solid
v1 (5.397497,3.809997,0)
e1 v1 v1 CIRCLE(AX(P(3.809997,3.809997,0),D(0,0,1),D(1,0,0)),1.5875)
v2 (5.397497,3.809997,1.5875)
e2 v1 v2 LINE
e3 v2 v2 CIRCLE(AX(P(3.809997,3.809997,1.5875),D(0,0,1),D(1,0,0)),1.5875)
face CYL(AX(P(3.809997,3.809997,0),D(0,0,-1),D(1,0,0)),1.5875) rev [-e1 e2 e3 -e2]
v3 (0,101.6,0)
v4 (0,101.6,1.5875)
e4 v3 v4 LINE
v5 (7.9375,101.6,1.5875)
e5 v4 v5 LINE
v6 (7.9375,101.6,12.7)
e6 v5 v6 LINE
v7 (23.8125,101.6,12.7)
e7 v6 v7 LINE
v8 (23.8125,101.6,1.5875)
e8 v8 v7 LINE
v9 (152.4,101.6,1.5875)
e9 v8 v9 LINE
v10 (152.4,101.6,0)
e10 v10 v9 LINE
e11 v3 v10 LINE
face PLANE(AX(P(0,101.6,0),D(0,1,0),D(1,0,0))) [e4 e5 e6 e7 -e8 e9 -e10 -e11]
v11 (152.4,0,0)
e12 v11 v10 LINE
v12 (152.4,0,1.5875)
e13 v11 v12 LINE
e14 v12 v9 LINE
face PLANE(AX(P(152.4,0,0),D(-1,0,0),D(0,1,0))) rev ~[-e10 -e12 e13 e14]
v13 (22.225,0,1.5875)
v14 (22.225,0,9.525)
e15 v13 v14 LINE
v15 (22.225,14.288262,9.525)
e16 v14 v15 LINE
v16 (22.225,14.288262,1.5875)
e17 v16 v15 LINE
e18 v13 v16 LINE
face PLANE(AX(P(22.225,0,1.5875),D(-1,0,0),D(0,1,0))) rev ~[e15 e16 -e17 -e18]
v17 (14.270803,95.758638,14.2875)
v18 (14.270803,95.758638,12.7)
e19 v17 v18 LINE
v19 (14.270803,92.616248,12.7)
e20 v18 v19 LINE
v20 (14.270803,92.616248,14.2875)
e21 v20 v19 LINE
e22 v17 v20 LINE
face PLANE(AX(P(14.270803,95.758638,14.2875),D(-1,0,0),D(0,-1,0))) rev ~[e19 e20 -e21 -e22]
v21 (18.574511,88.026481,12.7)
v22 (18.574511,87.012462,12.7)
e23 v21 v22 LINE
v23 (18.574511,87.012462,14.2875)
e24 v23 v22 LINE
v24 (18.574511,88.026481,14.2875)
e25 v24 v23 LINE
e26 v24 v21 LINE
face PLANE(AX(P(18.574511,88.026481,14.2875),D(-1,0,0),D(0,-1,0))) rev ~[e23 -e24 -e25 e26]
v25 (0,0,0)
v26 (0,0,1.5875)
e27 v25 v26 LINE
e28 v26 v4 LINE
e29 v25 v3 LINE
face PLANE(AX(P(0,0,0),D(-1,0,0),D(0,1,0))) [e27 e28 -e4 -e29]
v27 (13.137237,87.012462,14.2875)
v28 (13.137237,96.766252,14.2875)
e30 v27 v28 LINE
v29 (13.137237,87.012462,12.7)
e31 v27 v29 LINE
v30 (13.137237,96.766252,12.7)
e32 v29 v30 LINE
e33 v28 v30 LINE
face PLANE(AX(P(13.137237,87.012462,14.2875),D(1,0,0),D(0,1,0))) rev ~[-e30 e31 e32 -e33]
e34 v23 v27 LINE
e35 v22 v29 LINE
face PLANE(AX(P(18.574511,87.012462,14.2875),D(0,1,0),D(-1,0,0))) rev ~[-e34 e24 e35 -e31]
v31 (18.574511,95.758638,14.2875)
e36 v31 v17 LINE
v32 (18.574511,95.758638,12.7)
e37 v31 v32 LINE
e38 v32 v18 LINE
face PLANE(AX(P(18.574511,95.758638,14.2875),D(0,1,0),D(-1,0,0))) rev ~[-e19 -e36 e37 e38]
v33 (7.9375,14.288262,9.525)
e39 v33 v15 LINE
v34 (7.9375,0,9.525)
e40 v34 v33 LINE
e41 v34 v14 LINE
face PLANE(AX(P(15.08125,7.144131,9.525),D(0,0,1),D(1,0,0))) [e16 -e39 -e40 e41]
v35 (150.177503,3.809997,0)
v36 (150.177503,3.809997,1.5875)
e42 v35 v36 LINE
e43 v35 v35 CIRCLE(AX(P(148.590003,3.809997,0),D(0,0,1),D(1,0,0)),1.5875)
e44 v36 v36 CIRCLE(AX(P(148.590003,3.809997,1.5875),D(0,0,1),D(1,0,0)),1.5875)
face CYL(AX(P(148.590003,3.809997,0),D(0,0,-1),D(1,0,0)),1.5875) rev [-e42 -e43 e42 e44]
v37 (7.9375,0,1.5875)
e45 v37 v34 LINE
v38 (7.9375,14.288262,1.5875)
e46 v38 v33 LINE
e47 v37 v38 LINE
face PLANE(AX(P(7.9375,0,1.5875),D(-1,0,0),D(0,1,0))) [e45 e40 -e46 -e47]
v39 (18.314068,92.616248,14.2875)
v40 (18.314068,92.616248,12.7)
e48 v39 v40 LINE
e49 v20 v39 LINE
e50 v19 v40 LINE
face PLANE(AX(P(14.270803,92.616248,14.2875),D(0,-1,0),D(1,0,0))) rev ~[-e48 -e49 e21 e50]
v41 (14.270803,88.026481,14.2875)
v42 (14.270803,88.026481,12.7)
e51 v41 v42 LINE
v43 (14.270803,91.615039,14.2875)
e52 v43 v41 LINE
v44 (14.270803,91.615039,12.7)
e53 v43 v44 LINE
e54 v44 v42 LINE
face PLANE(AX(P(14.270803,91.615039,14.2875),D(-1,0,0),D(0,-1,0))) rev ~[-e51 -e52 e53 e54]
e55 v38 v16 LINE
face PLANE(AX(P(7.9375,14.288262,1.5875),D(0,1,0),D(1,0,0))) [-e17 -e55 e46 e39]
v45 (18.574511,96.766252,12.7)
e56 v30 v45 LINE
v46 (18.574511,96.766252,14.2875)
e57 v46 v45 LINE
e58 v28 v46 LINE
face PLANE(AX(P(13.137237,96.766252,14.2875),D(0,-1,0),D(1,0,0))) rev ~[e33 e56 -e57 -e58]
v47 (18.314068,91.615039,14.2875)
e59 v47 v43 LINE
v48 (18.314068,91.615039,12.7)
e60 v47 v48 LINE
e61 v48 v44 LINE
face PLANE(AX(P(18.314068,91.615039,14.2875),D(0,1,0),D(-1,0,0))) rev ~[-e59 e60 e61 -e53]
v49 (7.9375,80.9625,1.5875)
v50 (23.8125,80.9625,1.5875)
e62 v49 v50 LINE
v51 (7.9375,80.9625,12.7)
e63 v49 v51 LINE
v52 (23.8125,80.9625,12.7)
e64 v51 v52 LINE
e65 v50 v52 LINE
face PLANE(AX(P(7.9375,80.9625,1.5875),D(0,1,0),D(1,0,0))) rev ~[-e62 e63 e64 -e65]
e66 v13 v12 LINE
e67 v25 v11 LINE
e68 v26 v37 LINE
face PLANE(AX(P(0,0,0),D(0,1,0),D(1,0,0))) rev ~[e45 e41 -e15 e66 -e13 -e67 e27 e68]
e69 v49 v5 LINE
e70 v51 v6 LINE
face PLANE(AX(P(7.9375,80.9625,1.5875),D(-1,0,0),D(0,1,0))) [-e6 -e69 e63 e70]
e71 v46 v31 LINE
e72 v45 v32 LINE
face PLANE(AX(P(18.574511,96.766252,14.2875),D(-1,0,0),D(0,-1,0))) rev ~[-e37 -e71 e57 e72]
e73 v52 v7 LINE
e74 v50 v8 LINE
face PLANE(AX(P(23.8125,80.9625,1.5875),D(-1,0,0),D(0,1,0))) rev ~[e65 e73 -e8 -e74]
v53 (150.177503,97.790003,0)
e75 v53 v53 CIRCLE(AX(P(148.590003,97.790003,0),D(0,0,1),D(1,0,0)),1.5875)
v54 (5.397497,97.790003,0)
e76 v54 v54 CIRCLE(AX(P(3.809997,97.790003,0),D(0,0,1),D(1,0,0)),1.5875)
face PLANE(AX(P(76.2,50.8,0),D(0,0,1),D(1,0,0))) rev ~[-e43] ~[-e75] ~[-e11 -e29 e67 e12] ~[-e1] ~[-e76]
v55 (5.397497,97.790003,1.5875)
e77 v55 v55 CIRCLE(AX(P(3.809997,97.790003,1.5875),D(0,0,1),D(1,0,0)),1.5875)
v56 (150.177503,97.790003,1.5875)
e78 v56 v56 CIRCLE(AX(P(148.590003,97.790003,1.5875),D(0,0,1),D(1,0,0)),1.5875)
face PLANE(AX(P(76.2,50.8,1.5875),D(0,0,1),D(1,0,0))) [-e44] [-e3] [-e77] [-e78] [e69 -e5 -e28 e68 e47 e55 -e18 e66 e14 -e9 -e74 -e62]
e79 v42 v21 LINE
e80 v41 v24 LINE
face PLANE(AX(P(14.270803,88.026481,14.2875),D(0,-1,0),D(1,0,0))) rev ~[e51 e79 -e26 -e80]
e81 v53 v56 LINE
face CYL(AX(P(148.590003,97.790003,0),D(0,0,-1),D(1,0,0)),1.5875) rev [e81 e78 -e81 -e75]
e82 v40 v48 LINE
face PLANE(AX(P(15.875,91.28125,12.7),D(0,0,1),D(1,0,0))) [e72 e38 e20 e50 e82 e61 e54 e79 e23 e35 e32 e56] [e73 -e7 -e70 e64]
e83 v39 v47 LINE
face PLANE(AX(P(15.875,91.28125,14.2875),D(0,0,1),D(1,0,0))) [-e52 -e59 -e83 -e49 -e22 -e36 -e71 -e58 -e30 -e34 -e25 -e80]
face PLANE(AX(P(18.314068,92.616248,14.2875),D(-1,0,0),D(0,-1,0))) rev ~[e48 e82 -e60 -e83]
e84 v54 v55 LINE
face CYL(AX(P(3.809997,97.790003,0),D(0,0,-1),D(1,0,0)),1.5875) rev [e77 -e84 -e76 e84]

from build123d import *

# Parameters (mm, degrees)
F0_W     = 152.4
F0_H     = 101.6
F0_R     = 1.5875
F1_DEPTH = 1.5875
F2_W     = 15.875
F2_H     = 20.6375
F3_DEPTH = 12.7
F4_W     = 14.2875
F4_H     = 14.288262
F5_DEPTH = 7.9375
F6_W     = 15.875
F6_H     = 20.6375
F7_DEPTH = 1.5875


with BuildPart() as f1:
    # F0 (on Top) → F1 (new body)
    with BuildSketch(Plane.XY):
        with Locations((76.2, 50.8)):
            Rectangle(F0_W, F0_H)
        with Locations((3.8099971771, 3.8099971771)):
            Circle(F0_R, mode=Mode.SUBTRACT)
        with Locations((148.5900028229, 3.8099971771)):
            Circle(F0_R, mode=Mode.SUBTRACT)
        with Locations((3.8099971771, 97.7900028229)):
            Circle(F0_R, mode=Mode.SUBTRACT)
        with Locations((148.5900028229, 97.7900028229)):
            Circle(F0_R, mode=Mode.SUBTRACT)
    extrude(amount=F1_DEPTH)

    # F2 (on face) → F3 (join)
    with BuildSketch(Plane.XY.offset(1.5875)):
        with Locations((15.875, 91.28125)):
            Rectangle(F2_W, F2_H)
    extrude(amount=F3_DEPTH)

    # F4 (on face) → F5 (join)
    with BuildSketch(Plane.XY.offset(1.5875)):
        with Locations((15.08125, 7.144131)):
            Rectangle(F4_W, F4_H)
    extrude(amount=F5_DEPTH)

    # F6 (on face) → F7 (cut)
    with BuildSketch(Plane.XY.offset(14.2875)):
        with Locations((15.875, 91.28125)):
            Rectangle(F6_W, F6_H)
        Polygon((18.5745110599, 88.026480759), (18.5745110599, 87.0124623179), (13.1372374405, 87.0124623179), (13.1372374405, 96.7662523326), (18.5745110599, 96.7662523326), (18.5745110599, 95.7586382186), (14.2708033187, 95.7586382186), (14.2708033187, 92.6162484393), (18.3140684288, 92.6162484393), (18.3140684288, 91.6150386523), (14.2708033187, 91.6150386523), (14.2708033187, 88.026480759), align=None, mode=Mode.SUBTRACT)
    extrude(amount=-F7_DEPTH, mode=Mode.SUBTRACT)


solid = f1.part
